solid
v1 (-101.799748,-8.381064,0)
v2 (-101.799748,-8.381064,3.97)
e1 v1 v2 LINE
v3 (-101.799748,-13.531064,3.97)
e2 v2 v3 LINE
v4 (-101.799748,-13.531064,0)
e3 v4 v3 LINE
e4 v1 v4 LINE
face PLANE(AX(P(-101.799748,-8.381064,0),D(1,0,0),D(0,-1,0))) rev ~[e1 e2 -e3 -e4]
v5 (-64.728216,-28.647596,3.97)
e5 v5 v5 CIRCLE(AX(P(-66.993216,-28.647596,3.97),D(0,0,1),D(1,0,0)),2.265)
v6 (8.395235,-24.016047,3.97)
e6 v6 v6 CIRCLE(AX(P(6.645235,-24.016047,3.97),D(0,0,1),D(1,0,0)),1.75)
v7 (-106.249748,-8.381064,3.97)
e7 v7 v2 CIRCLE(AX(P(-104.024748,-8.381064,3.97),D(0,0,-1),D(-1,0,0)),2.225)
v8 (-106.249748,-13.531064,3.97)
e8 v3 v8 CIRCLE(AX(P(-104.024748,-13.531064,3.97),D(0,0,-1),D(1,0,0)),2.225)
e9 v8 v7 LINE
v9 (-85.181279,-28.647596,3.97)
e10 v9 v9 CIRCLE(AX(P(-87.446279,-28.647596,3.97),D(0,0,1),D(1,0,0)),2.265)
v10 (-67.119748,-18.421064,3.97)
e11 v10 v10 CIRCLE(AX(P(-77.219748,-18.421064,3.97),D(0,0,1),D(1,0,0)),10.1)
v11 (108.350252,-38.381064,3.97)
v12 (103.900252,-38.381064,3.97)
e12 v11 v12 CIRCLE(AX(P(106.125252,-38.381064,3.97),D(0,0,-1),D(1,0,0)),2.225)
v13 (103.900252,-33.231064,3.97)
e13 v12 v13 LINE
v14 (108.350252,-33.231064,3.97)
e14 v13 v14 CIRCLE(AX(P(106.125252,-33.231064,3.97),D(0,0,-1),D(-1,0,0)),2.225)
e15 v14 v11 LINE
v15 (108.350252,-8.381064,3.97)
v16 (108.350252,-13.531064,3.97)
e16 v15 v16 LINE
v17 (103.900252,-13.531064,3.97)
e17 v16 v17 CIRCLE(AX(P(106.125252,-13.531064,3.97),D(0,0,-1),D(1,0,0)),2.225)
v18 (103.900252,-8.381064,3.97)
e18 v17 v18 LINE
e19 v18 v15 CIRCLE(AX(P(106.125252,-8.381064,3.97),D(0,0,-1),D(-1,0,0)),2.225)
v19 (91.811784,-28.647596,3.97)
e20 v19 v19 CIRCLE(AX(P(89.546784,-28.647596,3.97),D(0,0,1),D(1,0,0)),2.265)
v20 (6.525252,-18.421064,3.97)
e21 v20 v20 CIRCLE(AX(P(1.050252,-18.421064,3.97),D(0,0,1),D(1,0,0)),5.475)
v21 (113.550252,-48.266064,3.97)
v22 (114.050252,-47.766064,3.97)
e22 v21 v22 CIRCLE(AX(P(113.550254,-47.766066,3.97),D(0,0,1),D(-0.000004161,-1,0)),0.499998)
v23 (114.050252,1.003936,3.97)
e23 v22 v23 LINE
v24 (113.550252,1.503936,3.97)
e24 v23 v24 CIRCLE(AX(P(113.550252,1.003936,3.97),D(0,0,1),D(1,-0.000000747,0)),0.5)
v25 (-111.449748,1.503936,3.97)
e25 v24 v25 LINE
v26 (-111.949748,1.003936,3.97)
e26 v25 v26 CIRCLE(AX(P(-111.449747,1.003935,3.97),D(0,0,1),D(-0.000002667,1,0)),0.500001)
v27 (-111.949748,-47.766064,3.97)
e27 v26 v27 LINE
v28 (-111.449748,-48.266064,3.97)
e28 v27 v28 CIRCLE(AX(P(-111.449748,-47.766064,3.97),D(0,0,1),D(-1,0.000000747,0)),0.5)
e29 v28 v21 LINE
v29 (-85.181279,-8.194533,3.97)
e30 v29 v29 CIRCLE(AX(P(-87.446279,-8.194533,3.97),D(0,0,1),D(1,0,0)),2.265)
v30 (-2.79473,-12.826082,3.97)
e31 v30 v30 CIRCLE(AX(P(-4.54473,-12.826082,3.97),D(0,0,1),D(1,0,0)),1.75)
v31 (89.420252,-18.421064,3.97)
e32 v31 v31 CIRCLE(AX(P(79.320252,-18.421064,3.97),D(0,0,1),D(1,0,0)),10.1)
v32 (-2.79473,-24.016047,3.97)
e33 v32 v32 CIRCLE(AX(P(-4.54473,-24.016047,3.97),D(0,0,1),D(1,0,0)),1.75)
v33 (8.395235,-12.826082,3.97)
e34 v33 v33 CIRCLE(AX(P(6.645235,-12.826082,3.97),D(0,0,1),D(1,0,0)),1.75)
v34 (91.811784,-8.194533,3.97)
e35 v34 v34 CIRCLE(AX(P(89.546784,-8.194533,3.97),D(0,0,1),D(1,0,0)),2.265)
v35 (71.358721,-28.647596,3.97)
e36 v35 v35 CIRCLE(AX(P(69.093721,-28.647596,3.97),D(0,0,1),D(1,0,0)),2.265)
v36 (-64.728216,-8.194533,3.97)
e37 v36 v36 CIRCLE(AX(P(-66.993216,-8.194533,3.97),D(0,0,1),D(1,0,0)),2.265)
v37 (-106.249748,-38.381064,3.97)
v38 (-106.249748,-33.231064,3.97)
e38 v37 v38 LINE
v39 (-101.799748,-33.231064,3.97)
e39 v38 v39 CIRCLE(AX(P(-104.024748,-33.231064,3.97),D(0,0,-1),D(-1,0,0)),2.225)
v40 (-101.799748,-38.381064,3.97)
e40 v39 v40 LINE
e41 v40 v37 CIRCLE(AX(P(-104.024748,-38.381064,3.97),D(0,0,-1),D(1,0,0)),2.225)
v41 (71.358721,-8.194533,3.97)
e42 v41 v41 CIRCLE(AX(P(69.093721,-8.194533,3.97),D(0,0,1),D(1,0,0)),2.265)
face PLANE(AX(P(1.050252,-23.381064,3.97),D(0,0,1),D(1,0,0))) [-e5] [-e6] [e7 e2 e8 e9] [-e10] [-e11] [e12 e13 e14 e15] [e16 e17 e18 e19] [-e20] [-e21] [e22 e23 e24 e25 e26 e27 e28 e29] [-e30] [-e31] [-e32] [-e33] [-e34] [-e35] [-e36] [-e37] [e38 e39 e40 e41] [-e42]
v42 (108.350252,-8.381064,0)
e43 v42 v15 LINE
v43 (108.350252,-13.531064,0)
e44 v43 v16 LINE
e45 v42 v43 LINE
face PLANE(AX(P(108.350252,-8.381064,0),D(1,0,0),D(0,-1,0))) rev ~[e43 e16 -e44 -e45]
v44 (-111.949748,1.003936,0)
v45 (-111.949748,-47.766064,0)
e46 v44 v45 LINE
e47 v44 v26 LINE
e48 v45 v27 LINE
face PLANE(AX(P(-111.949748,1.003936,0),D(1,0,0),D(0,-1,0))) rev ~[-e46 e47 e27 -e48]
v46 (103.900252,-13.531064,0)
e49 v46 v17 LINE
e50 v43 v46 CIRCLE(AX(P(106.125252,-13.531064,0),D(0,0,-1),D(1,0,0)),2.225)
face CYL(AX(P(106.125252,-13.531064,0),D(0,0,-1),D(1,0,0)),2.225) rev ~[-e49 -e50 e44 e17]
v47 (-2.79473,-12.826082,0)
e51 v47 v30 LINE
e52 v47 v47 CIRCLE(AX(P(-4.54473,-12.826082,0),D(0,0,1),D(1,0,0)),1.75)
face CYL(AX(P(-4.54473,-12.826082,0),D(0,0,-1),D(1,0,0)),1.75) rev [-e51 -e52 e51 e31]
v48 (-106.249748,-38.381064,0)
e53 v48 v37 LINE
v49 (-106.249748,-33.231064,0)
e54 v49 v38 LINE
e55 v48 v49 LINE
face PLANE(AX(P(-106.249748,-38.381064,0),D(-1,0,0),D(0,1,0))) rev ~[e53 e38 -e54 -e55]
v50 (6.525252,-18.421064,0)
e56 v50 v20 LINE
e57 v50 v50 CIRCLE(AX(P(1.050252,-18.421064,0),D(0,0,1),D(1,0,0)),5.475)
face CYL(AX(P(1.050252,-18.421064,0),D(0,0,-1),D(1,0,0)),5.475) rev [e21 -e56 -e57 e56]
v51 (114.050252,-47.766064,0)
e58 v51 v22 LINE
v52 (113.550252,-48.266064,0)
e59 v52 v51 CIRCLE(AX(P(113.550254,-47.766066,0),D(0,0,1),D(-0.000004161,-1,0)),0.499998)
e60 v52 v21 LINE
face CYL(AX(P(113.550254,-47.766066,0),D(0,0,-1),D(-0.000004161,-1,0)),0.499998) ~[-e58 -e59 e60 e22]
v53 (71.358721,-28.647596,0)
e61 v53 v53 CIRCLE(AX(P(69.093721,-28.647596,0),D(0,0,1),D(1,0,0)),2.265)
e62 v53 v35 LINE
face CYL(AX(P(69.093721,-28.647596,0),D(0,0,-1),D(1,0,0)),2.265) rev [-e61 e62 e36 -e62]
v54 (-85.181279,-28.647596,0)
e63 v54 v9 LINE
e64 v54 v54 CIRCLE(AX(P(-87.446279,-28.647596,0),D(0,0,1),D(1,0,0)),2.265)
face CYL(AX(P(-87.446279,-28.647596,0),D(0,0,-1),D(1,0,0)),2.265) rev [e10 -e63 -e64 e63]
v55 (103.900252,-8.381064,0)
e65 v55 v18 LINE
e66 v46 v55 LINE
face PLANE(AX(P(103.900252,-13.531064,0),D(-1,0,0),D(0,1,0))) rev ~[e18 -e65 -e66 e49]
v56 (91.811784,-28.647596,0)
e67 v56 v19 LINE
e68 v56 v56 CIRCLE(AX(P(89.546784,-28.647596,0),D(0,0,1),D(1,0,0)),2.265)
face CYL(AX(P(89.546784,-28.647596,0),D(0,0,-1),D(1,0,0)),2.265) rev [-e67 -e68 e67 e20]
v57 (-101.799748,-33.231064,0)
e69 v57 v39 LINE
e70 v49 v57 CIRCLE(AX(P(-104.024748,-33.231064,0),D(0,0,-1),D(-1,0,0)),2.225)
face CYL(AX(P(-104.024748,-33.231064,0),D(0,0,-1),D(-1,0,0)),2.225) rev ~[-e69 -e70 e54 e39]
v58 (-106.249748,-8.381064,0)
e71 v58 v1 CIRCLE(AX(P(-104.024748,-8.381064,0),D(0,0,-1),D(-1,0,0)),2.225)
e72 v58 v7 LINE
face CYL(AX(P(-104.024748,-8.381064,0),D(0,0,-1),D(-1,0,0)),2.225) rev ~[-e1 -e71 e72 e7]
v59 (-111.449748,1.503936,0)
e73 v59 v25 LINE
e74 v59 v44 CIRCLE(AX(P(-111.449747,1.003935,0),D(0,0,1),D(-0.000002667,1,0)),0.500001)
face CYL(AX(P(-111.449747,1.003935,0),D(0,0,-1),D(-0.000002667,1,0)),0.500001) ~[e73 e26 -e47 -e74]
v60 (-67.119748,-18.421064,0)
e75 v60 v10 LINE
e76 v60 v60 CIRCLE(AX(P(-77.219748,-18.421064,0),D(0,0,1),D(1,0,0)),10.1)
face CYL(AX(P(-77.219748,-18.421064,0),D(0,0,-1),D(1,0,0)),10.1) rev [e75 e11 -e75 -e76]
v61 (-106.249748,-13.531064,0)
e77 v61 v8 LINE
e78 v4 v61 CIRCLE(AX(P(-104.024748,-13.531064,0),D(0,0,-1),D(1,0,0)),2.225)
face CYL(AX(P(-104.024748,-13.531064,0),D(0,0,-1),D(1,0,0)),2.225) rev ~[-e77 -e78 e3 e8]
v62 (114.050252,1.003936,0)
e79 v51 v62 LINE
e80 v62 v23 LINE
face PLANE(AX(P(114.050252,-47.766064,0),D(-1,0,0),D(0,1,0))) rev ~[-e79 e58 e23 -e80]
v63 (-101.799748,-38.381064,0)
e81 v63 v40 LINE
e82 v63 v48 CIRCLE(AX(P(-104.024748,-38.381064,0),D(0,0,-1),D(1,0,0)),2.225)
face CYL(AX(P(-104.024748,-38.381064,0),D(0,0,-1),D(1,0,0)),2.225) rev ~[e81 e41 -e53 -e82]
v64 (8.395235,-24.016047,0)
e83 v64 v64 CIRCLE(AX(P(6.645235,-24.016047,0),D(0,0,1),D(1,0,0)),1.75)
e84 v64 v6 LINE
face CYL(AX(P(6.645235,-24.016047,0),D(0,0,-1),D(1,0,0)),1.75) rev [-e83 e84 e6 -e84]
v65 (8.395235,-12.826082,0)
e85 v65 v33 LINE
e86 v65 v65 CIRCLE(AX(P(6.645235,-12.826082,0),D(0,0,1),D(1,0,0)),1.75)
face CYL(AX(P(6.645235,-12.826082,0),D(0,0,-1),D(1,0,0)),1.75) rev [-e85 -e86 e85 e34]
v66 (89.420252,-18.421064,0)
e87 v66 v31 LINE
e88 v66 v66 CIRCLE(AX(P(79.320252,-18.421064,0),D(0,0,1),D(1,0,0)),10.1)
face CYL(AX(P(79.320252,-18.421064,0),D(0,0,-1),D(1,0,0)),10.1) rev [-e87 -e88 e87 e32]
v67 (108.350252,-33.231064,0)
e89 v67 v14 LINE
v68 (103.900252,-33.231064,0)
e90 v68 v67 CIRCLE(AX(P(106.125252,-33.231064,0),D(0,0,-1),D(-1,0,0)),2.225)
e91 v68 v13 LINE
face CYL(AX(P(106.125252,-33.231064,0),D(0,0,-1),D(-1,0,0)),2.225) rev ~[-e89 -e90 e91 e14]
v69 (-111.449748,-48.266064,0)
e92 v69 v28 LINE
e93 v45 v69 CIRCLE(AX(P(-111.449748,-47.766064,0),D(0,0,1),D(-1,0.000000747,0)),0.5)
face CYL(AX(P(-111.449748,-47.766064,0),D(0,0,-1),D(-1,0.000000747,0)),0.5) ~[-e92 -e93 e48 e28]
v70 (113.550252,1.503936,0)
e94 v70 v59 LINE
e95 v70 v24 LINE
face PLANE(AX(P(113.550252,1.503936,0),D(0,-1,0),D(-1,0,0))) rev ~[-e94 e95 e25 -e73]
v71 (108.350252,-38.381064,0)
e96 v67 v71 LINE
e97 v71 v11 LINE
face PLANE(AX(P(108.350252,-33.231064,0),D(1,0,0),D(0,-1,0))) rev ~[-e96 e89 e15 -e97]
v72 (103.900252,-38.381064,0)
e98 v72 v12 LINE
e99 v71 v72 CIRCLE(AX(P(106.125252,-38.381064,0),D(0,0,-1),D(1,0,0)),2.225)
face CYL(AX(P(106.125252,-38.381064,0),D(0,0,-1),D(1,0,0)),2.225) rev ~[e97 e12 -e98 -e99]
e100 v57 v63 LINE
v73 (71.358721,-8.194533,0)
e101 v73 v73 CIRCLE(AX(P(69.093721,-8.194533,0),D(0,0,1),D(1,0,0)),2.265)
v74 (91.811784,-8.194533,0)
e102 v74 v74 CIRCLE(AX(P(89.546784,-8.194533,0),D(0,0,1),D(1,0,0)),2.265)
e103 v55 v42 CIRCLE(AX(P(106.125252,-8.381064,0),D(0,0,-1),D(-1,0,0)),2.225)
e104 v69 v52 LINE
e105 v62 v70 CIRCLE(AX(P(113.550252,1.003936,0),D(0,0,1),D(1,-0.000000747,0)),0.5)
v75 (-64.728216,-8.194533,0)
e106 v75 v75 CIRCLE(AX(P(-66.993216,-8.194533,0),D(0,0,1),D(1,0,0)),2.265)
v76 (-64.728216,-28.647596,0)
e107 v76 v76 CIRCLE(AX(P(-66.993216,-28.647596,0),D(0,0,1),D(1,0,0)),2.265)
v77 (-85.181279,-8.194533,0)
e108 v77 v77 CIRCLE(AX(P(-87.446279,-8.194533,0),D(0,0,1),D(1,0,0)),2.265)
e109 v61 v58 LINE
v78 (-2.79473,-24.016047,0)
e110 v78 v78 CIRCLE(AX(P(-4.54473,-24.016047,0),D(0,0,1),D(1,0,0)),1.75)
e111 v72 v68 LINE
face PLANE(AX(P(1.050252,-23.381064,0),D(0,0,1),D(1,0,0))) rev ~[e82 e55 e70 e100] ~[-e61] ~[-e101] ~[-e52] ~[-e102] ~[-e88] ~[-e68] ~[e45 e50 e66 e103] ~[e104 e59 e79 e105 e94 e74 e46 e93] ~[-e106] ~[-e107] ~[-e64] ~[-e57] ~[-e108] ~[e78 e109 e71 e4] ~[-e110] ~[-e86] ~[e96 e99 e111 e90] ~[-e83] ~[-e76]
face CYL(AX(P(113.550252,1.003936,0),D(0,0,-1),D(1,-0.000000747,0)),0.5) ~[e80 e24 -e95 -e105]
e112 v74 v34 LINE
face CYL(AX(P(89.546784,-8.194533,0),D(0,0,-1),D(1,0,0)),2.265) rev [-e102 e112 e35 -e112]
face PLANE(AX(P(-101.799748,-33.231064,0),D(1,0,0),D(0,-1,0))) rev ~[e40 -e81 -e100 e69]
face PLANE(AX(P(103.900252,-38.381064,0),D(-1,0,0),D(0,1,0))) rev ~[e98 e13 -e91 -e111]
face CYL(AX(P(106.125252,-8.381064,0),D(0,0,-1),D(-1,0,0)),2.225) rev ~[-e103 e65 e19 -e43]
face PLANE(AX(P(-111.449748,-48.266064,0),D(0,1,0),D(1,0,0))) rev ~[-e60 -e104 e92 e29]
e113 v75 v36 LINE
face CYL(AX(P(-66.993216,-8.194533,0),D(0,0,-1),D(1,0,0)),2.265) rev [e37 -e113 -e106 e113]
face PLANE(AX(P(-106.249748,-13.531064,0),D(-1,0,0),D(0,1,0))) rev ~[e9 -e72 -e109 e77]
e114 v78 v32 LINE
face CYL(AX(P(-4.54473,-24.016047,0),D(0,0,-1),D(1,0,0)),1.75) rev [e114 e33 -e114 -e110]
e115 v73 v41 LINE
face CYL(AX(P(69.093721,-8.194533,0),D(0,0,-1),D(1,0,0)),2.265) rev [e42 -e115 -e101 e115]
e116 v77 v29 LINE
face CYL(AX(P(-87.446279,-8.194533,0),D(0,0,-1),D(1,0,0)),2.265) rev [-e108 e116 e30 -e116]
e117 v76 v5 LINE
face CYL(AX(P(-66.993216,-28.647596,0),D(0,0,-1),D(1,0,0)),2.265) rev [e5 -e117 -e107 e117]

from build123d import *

# Parameters (mm, degrees)
F0_R     = 2.265
F0_R_2   = 1.75
F0_R_3   = 10.1
F0_R_4   = 5.475
F1_DEPTH = 3.97


with BuildPart() as f1:
    # F0 (on Top) → F1 (new body)
    with BuildSketch(Plane.XY):
        with BuildLine():
            Line((113.550252, 1.503936), (-111.449748, 1.503936))
            ThreePointArc((-111.449748, 1.503936), (-111.803301, 1.357489), (-111.949748, 1.003936))
            Line((-111.949748, 1.003936), (-111.949748, -47.766064))
            ThreePointArc((-111.949748, -47.766064), (-111.803301, -48.119618), (-111.449748, -48.266064))
            Line((-111.449748, -48.266064), (113.550252, -48.266064))
            ThreePointArc((113.550252, -48.266064), (113.903806, -48.119618), (114.050252, -47.766064))
            Line((114.050252, -47.766064), (114.050252, 1.003936))
            ThreePointArc((114.050252, 1.003936), (113.903806, 1.357489), (113.550252, 1.503936))
        make_face()
        with BuildLine():
            Line((-101.799748, -33.231064), (-101.799748, -38.381064))
            ThreePointArc((-101.799748, -38.381064), (-104.024748, -40.606064), (-106.249748, -38.381064))
            Line((-106.249748, -38.381064), (-106.249748, -33.231064))
            ThreePointArc((-106.249748, -33.231064), (-104.024748, -31.006064), (-101.799748, -33.231064))
        make_face(mode=Mode.SUBTRACT)
        with Locations((-87.446279, -28.647596)):
            Circle(F0_R, mode=Mode.SUBTRACT)
        with Locations((-66.993216, -28.647596)):
            Circle(F0_R, mode=Mode.SUBTRACT)
        with Locations((-4.54473, -24.016047)):
            Circle(F0_R_2, mode=Mode.SUBTRACT)
        with Locations((6.645235, -24.016047)):
            Circle(F0_R_2, mode=Mode.SUBTRACT)
        with BuildLine():
            Line((103.900252, -38.381064), (103.900252, -33.231064))
            ThreePointArc((103.900252, -33.231064), (106.125252, -31.006064), (108.350252, -33.231064))
            Line((108.350252, -33.231064), (108.350252, -38.381064))
            ThreePointArc((108.350252, -38.381064), (106.125252, -40.606064), (103.900252, -38.381064))
        make_face(mode=Mode.SUBTRACT)
        with Locations((69.093721, -28.647596)):
            Circle(F0_R, mode=Mode.SUBTRACT)
        with Locations((89.546784, -28.647596)):
            Circle(F0_R, mode=Mode.SUBTRACT)
        with Locations((-77.219748, -18.421064)):
            Circle(F0_R_3, mode=Mode.SUBTRACT)
        with BuildLine():
            Line((-106.249748, -13.531064), (-106.249748, -8.381064))
            ThreePointArc((-106.249748, -8.381064), (-104.024748, -6.156064), (-101.799748, -8.381064))
            Line((-101.799748, -8.381064), (-101.799748, -13.531064))
            ThreePointArc((-101.799748, -13.531064), (-104.024748, -15.756064), (-106.249748, -13.531064))
        make_face(mode=Mode.SUBTRACT)
        with Locations((1.050252, -18.421064)):
            Circle(F0_R_4, mode=Mode.SUBTRACT)
        with Locations((-4.54473, -12.826082)):
            Circle(F0_R_2, mode=Mode.SUBTRACT)
        with Locations((-87.446279, -8.194533)):
            Circle(F0_R, mode=Mode.SUBTRACT)
        with Locations((-66.993216, -8.194533)):
            Circle(F0_R, mode=Mode.SUBTRACT)
        with Locations((6.645235, -12.826082)):
            Circle(F0_R_2, mode=Mode.SUBTRACT)
        with Locations((79.320252, -18.421064)):
            Circle(F0_R_3, mode=Mode.SUBTRACT)
        with BuildLine():
            ThreePointArc((103.900252, -8.381064), (106.125252, -6.156064), (108.350252, -8.381064))
            Line((108.350252, -8.381064), (108.350252, -13.531064))
            ThreePointArc((108.350252, -13.531064), (106.125252, -15.756064), (103.900252, -13.531064))
            Line((103.900252, -13.531064), (103.900252, -8.381064))
        make_face(mode=Mode.SUBTRACT)
        with Locations((69.093721, -8.194533)):
            Circle(F0_R, mode=Mode.SUBTRACT)
        with Locations((89.546784, -8.194533)):
            Circle(F0_R, mode=Mode.SUBTRACT)
    extrude(amount=F1_DEPTH)


solid = f1.part
